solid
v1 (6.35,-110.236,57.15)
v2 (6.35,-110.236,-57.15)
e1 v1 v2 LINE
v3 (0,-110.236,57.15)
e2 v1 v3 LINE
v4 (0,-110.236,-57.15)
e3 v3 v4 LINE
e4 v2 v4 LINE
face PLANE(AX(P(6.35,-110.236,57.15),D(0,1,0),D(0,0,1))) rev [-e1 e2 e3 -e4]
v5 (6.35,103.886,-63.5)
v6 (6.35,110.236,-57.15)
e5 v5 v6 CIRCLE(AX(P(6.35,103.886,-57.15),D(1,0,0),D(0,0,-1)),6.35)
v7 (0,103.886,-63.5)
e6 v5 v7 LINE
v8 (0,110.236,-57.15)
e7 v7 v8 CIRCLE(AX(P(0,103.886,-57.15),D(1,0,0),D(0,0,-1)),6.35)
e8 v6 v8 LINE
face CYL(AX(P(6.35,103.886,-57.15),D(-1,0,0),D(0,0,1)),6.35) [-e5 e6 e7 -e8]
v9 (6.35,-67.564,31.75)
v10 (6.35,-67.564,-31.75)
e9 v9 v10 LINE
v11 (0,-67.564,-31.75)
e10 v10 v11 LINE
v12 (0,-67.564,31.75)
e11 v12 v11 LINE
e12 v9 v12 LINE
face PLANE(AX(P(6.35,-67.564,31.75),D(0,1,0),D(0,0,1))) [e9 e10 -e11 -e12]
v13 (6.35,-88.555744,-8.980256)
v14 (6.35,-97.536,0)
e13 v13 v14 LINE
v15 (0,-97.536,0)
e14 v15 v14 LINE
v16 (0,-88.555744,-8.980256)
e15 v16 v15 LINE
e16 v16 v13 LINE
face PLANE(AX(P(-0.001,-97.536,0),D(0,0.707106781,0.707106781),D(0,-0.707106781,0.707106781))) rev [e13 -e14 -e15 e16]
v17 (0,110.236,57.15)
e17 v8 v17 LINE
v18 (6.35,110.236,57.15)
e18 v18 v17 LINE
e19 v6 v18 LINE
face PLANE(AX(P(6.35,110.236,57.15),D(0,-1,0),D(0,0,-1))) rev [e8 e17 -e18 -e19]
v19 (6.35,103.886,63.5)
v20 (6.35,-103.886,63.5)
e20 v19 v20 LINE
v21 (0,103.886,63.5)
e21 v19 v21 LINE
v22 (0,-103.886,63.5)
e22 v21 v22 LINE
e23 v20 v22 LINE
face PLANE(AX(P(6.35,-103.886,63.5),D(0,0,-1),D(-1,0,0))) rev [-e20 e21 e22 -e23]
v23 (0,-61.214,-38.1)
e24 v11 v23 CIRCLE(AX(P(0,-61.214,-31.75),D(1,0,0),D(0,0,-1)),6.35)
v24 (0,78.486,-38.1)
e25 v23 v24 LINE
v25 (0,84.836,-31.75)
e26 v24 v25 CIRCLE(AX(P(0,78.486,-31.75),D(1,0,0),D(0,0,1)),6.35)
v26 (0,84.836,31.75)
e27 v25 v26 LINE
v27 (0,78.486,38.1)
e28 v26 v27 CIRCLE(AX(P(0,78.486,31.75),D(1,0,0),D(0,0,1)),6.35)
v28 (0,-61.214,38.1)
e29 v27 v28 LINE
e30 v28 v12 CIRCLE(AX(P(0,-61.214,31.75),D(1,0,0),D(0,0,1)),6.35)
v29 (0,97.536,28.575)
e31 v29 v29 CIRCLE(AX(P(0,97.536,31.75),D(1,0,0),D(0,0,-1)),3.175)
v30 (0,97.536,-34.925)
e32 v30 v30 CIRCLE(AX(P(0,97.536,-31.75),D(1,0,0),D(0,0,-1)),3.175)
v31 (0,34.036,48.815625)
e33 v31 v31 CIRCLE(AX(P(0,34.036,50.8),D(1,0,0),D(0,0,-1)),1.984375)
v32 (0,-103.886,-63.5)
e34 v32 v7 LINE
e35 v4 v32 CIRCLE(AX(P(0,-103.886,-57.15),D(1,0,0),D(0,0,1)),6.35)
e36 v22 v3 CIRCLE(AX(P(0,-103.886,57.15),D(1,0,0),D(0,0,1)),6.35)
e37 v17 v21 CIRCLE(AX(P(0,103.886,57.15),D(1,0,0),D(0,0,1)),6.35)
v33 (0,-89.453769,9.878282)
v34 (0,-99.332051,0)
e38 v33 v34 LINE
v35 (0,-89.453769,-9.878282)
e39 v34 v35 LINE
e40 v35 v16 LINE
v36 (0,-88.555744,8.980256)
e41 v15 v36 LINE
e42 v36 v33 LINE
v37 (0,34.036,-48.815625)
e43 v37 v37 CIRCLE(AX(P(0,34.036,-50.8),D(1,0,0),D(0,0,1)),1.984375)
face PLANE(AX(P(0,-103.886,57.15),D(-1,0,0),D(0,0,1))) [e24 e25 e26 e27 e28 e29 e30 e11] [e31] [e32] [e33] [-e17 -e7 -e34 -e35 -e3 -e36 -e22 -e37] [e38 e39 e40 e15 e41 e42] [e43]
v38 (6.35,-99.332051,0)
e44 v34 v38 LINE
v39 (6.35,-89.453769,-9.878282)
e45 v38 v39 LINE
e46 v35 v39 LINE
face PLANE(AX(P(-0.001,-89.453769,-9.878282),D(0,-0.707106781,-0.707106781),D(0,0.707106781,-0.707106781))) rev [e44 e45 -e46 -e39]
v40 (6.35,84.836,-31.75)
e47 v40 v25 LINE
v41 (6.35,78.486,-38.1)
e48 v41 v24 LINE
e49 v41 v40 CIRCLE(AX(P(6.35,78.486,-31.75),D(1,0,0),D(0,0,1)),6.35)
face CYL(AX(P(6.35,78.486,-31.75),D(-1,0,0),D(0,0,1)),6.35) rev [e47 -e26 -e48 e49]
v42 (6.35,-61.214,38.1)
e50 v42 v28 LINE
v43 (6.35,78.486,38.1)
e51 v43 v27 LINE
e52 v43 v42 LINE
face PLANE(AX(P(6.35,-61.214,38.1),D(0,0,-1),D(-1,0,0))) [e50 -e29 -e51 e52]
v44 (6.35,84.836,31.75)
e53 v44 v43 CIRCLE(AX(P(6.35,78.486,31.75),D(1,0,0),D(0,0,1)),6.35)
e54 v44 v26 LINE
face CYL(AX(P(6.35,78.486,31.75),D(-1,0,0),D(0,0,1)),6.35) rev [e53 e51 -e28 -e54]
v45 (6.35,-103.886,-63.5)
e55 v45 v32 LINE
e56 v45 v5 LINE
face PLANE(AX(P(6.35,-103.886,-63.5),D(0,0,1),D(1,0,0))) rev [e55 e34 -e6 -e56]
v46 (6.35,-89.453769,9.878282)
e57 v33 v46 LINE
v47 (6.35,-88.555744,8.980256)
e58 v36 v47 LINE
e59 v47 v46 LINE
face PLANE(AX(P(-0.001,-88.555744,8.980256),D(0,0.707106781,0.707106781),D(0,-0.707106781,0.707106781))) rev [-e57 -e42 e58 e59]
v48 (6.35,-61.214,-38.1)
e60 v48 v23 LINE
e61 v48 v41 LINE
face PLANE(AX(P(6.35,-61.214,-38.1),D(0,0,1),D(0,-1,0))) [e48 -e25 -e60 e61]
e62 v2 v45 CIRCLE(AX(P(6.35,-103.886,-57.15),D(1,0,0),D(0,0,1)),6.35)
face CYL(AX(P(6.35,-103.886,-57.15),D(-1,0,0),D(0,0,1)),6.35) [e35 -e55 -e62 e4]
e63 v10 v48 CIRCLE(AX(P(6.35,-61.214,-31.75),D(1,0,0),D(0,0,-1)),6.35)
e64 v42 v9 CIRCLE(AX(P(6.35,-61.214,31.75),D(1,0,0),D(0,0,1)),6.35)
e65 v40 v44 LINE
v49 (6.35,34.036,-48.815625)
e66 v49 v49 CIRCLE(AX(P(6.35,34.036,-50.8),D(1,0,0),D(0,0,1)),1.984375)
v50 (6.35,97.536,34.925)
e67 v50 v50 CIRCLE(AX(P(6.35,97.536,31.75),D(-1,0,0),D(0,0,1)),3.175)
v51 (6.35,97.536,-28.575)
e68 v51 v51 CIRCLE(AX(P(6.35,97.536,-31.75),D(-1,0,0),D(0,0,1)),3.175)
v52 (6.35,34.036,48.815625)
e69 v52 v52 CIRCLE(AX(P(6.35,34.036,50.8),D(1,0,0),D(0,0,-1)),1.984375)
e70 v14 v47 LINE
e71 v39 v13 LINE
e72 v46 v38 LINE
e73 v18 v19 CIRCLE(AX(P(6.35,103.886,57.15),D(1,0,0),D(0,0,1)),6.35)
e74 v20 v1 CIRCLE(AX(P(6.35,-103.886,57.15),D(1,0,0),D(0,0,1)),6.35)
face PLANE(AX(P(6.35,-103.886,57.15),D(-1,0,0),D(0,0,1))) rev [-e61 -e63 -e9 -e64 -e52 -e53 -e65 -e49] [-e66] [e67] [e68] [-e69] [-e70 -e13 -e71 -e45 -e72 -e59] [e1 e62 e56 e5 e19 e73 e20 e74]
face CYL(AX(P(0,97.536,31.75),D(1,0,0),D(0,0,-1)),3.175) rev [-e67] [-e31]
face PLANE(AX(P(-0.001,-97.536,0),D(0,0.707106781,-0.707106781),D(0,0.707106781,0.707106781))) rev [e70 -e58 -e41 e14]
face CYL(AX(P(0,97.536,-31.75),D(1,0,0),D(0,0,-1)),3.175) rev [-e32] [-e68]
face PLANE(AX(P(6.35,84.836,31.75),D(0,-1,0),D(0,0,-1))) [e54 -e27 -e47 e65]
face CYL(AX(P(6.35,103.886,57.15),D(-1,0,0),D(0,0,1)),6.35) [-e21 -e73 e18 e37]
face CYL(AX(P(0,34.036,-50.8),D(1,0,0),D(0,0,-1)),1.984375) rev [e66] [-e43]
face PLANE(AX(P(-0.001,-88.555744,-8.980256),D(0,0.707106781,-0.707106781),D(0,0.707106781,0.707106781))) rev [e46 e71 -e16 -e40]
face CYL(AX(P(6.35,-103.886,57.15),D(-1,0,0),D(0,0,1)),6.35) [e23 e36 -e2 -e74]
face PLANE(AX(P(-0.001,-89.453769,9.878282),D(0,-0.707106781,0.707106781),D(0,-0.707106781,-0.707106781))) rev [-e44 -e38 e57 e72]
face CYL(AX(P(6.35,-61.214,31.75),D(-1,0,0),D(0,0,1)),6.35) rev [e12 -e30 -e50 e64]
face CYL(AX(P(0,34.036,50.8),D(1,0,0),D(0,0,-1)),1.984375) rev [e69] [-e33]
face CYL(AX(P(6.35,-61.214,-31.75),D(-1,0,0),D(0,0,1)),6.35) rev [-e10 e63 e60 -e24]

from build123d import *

# Parameters (mm, degrees)
BOSS_EXTRUDE2_DEPTH     = 6.35
CUT_EXTRUDE1_REACH      = 129.376
CUT_EXTRUDE2_DEPTH      = 128.37561853
CUT_EXTRUDE2_DEPTH_BACK = 128.37561853
SKETCH5_R               = 3.175
SKETCH6_R               = 1.984375
CUT_EXTRUDE3_DEPTH      = 128.37561853


with BuildPart() as part:
    # Sketch3 → Boss-Extrude2 (new body)
    with BuildSketch(Plane(origin=(0, 0, 0), x_dir=(0, 0, -1), z_dir=(1, 0, 0))):
        with BuildLine():
            Line((-57.15, -110.236), (57.15, -110.236))
            ThreePointArc((57.15, -110.236), (61.640128061, -108.376128061), (63.5, -103.886))
            Line((63.5, -103.886), (63.5, 103.886))
            ThreePointArc((63.5, 103.886), (61.640128061, 108.376128061), (57.15, 110.236))
            Line((57.15, 110.236), (-57.15, 110.236))
            ThreePointArc((-57.15, 110.236), (-61.640128061, 108.376128061), (-63.5, 103.886))
            Line((-63.5, 103.886), (-63.5, -103.886))
            ThreePointArc((-63.5, -103.886), (-61.640128061, -108.376128061), (-57.15, -110.236))
        make_face()
        with BuildLine():
            Line((-31.75, -67.564), (31.75, -67.564))
            ThreePointArc((31.75, -67.564), (36.240128061, -65.704128061), (38.1, -61.214))
            Line((38.1, -61.214), (38.1, 78.486))
            ThreePointArc((38.1, 78.486), (36.240128061, 82.976128061), (31.75, 84.836))
            Line((31.75, 84.836), (-31.75, 84.836))
            ThreePointArc((-31.75, 84.836), (-36.240128061, 82.976128061), (-38.1, 78.486))
            Line((-38.1, 78.486), (-38.1, -61.214))
            ThreePointArc((-38.1, -61.214), (-36.240128061, -65.704128061), (-31.75, -67.564))
        make_face(mode=Mode.SUBTRACT)
    extrude(amount=BOSS_EXTRUDE2_DEPTH)

    # Sketch4 → Cut-Extrude1 (cut, up to next)
    with BuildSketch(Plane(origin=(6.35, 0, 0), x_dir=(0, 0, -1), z_dir=(1, 0, 0)), mode=Mode.PRIVATE) as cut_extrude1_sk1:
        Polygon((0, -97.536), (-8.980256121, -88.555743879), (-9.878281733, -89.453769491), (0, -99.332051224), (9.878281733, -89.453769491), (8.980256121, -88.555743879), align=None)
    cut_extrude1_tool1 = extrude(cut_extrude1_sk1.sketch, amount=-CUT_EXTRUDE1_REACH, mode=Mode.PRIVATE) & part.part
    add(cut_extrude1_tool1.solids().sort_by_distance((6.35, -93.205002, 4.649259))[0], mode=Mode.SUBTRACT)

    # Sketch5 → Cut-Extrude2 (cut, two sides: drawn at the far end of the back side and taken through both)
    with BuildSketch(Plane(origin=(6.35, 0, 0), x_dir=(0, 0, -1), z_dir=(1, 0, 0)).offset(-CUT_EXTRUDE2_DEPTH_BACK)):
        with Locations((-31.75, 97.536)):
            Circle(SKETCH5_R)
        with Locations((31.75, 97.536)):
            Circle(SKETCH5_R)
    extrude(amount=CUT_EXTRUDE2_DEPTH + CUT_EXTRUDE2_DEPTH_BACK, mode=Mode.SUBTRACT)

    # Sketch6 → Cut-Extrude3 (cut, through all)
    with BuildSketch(Plane(origin=(6.35, 0, 0), x_dir=(0, 0, -1), z_dir=(1, 0, 0))):
        with Locations((-50.8, 34.036)):
            Circle(SKETCH6_R)
        with Locations(Location((50.8, 34.036, 0), (0, 0, 180))):
            Circle(SKETCH6_R)
    extrude(amount=-CUT_EXTRUDE3_DEPTH, mode=Mode.SUBTRACT)


solid = part.part
